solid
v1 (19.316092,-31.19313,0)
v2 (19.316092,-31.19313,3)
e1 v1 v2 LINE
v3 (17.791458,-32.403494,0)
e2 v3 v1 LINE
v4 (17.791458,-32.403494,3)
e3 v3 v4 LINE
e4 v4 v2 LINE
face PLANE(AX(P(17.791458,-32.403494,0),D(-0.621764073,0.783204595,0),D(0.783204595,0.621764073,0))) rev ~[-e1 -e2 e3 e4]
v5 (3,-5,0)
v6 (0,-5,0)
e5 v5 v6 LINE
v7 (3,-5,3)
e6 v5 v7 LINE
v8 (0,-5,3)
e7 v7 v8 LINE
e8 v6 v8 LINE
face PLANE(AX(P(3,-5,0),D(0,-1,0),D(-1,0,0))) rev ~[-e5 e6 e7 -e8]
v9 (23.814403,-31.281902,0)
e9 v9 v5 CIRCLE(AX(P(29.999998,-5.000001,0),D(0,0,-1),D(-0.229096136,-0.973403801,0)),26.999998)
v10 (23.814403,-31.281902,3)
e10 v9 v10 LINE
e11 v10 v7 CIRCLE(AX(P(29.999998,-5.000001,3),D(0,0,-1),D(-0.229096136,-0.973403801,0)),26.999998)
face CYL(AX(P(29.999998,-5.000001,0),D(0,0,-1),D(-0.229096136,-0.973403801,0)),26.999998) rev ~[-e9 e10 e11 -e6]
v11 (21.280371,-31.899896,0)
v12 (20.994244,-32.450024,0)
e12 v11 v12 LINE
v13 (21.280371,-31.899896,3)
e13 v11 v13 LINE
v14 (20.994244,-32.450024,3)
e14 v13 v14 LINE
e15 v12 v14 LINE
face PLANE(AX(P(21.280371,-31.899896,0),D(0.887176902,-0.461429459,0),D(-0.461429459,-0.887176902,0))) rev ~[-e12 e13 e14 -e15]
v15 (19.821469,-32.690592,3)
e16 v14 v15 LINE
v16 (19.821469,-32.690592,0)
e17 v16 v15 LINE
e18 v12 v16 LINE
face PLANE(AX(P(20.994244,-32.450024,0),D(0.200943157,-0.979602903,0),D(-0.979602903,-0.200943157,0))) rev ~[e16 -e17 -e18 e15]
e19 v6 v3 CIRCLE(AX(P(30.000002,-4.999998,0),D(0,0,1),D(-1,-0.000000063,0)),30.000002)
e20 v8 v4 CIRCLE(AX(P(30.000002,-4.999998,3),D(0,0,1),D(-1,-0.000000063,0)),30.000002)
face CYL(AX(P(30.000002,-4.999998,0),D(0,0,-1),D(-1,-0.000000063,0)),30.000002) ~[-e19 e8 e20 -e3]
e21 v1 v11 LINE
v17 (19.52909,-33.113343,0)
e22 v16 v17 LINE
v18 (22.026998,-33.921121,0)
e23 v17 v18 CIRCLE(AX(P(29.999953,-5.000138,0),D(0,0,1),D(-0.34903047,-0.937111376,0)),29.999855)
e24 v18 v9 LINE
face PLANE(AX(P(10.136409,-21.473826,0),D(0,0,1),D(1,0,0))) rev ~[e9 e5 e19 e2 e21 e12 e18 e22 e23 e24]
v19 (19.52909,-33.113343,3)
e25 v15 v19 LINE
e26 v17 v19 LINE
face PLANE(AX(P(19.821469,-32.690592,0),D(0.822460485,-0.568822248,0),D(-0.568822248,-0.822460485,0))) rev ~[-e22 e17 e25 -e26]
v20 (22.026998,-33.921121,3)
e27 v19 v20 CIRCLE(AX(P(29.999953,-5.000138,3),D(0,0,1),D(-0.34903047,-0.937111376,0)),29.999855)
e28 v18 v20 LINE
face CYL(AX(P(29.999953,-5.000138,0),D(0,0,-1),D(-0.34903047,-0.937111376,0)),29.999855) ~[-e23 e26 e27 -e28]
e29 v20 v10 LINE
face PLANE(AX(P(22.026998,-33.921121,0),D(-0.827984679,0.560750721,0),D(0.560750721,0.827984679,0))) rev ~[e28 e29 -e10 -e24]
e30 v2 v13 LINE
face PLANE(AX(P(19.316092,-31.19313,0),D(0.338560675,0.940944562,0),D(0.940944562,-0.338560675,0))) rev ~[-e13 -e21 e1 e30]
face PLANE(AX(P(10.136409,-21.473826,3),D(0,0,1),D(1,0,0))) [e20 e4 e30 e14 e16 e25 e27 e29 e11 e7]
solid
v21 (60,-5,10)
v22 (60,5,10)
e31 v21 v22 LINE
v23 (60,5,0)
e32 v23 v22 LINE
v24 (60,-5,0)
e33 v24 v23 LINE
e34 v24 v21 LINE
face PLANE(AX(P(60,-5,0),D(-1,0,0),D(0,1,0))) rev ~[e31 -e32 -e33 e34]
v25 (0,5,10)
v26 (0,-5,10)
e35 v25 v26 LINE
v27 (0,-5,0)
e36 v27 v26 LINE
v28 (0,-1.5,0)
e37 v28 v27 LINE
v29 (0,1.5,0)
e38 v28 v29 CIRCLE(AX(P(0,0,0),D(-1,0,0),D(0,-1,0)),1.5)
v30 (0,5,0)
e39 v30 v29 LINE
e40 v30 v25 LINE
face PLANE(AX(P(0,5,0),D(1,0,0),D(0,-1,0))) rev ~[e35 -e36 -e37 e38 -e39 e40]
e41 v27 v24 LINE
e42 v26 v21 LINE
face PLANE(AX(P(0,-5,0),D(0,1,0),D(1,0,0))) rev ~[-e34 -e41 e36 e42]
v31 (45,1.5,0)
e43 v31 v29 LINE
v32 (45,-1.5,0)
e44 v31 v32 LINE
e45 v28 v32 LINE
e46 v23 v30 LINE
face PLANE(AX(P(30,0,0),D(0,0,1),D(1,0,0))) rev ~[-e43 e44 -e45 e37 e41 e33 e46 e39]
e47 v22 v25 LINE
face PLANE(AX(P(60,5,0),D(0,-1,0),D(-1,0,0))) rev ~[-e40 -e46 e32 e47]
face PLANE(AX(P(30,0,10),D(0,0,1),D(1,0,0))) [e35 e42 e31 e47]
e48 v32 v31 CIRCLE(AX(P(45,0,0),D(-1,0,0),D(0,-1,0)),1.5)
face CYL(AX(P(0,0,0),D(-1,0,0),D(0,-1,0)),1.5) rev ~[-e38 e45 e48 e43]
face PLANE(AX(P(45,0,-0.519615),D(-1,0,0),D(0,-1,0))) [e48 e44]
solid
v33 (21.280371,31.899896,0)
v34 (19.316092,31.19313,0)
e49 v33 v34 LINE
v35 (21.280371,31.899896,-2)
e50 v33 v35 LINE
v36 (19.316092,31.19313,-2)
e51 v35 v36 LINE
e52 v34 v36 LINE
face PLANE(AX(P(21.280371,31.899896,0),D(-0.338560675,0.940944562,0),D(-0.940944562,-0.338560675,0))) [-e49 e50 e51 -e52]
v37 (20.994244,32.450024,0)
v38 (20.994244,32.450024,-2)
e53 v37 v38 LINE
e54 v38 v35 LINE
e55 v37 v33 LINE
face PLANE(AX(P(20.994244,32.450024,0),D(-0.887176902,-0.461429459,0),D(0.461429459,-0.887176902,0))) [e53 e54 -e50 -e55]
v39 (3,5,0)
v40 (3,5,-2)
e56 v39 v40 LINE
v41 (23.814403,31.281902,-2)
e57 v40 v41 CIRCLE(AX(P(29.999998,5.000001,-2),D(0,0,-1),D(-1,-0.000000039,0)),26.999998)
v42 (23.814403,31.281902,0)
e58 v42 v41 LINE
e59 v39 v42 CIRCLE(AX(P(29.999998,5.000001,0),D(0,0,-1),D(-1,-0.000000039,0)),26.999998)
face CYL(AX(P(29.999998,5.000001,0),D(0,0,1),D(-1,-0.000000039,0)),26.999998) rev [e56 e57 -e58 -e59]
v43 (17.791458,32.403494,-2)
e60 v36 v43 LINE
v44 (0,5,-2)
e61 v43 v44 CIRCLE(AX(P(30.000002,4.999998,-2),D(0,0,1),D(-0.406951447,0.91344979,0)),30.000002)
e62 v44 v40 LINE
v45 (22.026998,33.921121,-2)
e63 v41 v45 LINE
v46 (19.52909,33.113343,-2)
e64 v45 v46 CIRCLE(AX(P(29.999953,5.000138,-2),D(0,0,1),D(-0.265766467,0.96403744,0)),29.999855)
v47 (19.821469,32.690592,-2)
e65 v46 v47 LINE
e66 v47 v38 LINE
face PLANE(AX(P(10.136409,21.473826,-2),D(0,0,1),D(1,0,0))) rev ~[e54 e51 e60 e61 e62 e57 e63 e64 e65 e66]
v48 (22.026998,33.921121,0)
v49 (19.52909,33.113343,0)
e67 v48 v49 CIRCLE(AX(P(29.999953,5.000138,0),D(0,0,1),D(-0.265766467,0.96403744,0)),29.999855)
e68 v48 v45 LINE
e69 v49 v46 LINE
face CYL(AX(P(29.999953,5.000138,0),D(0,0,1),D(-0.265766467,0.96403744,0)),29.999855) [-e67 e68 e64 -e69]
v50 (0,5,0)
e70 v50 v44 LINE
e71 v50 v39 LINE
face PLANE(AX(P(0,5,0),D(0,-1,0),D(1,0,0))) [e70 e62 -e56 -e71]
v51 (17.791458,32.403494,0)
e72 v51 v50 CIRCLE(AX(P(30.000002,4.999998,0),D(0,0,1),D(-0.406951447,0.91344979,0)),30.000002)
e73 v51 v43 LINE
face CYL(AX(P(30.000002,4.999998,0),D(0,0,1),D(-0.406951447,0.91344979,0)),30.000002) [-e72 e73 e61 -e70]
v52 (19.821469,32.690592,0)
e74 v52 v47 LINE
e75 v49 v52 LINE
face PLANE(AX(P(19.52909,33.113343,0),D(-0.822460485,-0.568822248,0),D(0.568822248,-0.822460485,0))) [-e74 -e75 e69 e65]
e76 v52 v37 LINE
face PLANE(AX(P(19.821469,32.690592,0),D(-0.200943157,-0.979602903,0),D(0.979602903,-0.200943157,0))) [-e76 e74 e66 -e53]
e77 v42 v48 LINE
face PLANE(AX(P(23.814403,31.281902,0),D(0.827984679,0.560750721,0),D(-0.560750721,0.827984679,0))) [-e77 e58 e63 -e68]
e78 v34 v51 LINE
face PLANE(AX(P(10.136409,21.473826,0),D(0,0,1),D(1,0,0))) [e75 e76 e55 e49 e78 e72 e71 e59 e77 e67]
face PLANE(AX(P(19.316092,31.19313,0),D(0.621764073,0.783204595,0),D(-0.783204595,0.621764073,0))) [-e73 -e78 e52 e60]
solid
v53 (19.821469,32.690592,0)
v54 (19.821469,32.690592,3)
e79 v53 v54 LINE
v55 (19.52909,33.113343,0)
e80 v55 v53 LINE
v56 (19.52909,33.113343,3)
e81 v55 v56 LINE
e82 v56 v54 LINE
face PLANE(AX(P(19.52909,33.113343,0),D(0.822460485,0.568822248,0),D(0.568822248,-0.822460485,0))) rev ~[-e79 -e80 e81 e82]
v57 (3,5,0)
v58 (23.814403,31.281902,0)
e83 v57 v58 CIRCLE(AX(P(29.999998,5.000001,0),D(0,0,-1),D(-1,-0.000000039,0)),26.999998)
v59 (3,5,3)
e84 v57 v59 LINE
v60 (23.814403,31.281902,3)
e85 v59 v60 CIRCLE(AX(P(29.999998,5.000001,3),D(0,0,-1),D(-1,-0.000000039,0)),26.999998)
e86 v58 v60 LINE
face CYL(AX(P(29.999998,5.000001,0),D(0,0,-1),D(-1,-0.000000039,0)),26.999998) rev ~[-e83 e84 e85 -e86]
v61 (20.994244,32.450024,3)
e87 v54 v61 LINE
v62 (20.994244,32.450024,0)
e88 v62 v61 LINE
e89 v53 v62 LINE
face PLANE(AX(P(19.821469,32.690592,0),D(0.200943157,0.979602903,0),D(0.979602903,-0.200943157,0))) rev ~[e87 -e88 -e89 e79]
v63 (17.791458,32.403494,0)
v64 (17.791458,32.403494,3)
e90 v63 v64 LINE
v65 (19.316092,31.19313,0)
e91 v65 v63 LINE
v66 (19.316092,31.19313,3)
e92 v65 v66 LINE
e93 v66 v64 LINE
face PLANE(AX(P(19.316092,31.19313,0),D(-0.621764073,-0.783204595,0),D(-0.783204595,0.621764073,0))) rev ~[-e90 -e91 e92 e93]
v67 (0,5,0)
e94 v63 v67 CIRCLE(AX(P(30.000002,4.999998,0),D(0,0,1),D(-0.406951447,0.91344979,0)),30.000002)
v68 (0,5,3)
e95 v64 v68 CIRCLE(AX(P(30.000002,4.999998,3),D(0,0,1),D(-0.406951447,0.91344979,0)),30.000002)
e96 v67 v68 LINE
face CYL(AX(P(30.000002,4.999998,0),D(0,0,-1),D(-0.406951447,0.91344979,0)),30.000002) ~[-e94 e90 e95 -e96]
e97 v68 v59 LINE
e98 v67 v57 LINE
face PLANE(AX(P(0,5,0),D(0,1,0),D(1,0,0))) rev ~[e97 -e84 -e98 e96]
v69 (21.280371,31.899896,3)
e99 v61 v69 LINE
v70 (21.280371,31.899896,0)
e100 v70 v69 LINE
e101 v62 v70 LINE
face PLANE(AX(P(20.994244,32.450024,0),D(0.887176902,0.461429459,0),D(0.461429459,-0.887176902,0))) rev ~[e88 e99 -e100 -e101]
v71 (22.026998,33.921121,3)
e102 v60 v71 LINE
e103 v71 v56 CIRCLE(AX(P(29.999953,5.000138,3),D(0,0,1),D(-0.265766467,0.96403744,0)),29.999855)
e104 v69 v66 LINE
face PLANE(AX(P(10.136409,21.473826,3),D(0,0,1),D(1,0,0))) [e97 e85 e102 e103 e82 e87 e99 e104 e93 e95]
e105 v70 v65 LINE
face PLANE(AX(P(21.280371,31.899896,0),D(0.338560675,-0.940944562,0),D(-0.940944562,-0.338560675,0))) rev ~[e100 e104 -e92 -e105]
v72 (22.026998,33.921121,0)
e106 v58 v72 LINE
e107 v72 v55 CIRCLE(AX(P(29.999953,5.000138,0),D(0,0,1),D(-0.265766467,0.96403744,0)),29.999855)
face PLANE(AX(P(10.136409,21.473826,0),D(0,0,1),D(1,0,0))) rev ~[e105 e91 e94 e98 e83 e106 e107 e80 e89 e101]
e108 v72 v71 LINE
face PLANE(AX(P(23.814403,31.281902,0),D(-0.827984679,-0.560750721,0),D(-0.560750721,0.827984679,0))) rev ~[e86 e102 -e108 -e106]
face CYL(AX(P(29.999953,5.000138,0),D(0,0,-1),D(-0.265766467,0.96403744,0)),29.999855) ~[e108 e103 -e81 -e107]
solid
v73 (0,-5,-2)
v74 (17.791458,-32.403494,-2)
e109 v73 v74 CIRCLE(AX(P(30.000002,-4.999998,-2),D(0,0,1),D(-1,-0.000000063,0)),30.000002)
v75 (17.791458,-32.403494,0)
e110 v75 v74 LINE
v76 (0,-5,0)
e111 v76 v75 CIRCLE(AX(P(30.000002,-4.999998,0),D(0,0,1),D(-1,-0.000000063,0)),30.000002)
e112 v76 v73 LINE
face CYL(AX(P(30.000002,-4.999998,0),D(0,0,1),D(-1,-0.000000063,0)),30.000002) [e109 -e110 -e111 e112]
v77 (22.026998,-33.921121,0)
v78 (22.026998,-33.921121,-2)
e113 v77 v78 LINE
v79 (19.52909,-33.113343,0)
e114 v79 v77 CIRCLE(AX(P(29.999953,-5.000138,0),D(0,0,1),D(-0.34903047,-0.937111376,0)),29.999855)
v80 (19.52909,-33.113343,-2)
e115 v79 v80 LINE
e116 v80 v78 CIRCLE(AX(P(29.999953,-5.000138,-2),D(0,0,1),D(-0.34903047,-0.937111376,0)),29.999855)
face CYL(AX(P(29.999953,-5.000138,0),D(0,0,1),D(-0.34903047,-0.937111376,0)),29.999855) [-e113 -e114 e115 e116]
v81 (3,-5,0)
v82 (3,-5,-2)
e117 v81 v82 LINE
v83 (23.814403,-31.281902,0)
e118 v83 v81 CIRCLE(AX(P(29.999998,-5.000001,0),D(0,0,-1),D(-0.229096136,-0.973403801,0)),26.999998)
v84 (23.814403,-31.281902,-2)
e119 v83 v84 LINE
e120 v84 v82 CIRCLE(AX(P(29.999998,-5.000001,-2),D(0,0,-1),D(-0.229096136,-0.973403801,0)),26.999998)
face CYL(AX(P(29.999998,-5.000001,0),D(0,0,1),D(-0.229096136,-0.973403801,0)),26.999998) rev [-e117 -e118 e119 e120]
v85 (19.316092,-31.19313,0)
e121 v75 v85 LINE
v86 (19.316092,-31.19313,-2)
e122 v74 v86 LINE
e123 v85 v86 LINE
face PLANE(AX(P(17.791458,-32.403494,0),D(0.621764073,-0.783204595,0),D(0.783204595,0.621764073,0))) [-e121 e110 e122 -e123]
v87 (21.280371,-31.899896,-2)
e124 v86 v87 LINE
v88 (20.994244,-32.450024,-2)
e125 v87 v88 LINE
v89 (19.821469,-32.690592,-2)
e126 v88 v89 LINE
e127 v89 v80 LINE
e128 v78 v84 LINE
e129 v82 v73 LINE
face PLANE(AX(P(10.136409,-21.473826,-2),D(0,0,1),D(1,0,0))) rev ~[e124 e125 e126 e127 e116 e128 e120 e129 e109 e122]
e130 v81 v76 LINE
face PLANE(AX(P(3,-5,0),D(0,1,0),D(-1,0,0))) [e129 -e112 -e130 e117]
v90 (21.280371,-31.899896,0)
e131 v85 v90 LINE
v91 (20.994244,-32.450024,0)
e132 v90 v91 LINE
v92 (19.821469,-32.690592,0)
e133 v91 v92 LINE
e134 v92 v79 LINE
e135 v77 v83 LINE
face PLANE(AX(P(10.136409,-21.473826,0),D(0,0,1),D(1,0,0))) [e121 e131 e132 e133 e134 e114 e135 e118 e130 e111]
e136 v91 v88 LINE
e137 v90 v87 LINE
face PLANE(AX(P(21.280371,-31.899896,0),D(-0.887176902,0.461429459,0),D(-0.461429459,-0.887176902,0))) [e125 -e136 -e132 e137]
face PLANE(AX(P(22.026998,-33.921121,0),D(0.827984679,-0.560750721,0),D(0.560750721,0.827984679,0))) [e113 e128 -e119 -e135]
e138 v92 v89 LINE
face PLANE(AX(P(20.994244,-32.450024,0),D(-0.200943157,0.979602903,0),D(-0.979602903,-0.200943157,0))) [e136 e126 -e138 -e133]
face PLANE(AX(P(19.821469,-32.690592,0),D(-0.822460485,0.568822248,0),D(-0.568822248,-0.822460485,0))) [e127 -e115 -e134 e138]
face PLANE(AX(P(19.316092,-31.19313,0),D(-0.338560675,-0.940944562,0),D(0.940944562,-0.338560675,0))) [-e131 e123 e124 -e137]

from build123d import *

# Parameters (mm, degrees)
F1_DEPTH = 3
F2_DEPTH = 10
F3_DEPTH = 2
F5_DEPTH = 45


with BuildPart() as f1:
    # F0 (on Top) → F1 (new body)
    with BuildSketch(Plane.XY):
        with BuildLine():
            Line((3, -5), (0, -5))
            ThreePointArc((0, -5), (4.837963, -21.336213), (17.791458, -32.403494))
            Line((17.791458, -32.403494), (19.316092, -31.19313))
            Line((19.316092, -31.19313), (21.280371, -31.899896))
            Line((21.280371, -31.899896), (20.994244, -32.450024))
            Line((20.994244, -32.450024), (19.821469, -32.690592))
            Line((19.821469, -32.690592), (19.52909, -33.113343))
            ThreePointArc((19.52909, -33.113343), (20.769204, -33.544569), (22.026998, -33.921121))
            Line((22.026998, -33.921121), (23.814403, -31.281902))
            ThreePointArc((23.814403, -31.281902), (8.833858, -21.762889), (3, -5))
        make_face()
        with BuildLine():
            ThreePointArc((17.791458, 32.403494), (4.837963, 21.336213), (0, 5))
            Line((0, 5), (3, 5))
            ThreePointArc((3, 5), (8.833858, 21.762889), (23.814403, 31.281902))
            Line((23.814403, 31.281902), (22.026998, 33.921121))
            ThreePointArc((22.026998, 33.921121), (20.769204, 33.544569), (19.52909, 33.113343))
            Line((19.52909, 33.113343), (19.821469, 32.690592))
            Line((19.821469, 32.690592), (20.994244, 32.450024))
            Line((20.994244, 32.450024), (21.280371, 31.899896))
            Line((21.280371, 31.899896), (19.316092, 31.19313))
            Line((19.316092, 31.19313), (17.791458, 32.403494))
        make_face()
    extrude(amount=F1_DEPTH)


with BuildPart() as f2:
    # F0 (on Top) → F2 (new body)
    with BuildSketch(Plane.XY):
        Polygon((0, 5), (0, 0), (0, -5), (3, -5), (60, -5), (60, 0), (60, 5), (3, 5), align=None)
    extrude(amount=F2_DEPTH)

    # F4 (on face) → F5 (cut)
    with BuildSketch(Plane(origin=(0, 0, 0), x_dir=(0, -1, 0), z_dir=(-1, 0, 0))):
        with BuildLine():
            ThreePointArc((-1.5, 0), (0, -1.5), (1.5, 0))
            Line((1.5, 0), (-1.5, 0))
        make_face()
        with BuildLine():
            Line((-1.5, 0), (1.5, 0))
            ThreePointArc((1.5, 0), (0, 1.5), (-1.5, 0))
        make_face()
    extrude(amount=-F5_DEPTH, mode=Mode.SUBTRACT)


with BuildPart() as f3:
    # F0 (on Top) → F3 (new body)
    with BuildSketch(Plane.XY):
        with BuildLine():
            ThreePointArc((17.791458, 32.403494), (4.837963, 21.336213), (0, 5))
            Line((0, 5), (3, 5))
            ThreePointArc((3, 5), (8.833858, 21.762889), (23.814403, 31.281902))
            Line((23.814403, 31.281902), (22.026998, 33.921121))
            ThreePointArc((22.026998, 33.921121), (20.769204, 33.544569), (19.52909, 33.113343))
            Line((19.52909, 33.113343), (19.821469, 32.690592))
            Line((19.821469, 32.690592), (20.994244, 32.450024))
            Line((20.994244, 32.450024), (21.280371, 31.899896))
            Line((21.280371, 31.899896), (19.316092, 31.19313))
            Line((19.316092, 31.19313), (17.791458, 32.403494))
        make_face()
        with BuildLine():
            Line((3, -5), (0, -5))
            ThreePointArc((0, -5), (4.837963, -21.336213), (17.791458, -32.403494))
            Line((17.791458, -32.403494), (19.316092, -31.19313))
            Line((19.316092, -31.19313), (21.280371, -31.899896))
            Line((21.280371, -31.899896), (20.994244, -32.450024))
            Line((20.994244, -32.450024), (19.821469, -32.690592))
            Line((19.821469, -32.690592), (19.52909, -33.113343))
            ThreePointArc((19.52909, -33.113343), (20.769204, -33.544569), (22.026998, -33.921121))
            Line((22.026998, -33.921121), (23.814403, -31.281902))
            ThreePointArc((23.814403, -31.281902), (8.833858, -21.762889), (3, -5))
        make_face()
    extrude(amount=-F3_DEPTH)


solid = Compound([f1.part, f2.part, f3.part])
